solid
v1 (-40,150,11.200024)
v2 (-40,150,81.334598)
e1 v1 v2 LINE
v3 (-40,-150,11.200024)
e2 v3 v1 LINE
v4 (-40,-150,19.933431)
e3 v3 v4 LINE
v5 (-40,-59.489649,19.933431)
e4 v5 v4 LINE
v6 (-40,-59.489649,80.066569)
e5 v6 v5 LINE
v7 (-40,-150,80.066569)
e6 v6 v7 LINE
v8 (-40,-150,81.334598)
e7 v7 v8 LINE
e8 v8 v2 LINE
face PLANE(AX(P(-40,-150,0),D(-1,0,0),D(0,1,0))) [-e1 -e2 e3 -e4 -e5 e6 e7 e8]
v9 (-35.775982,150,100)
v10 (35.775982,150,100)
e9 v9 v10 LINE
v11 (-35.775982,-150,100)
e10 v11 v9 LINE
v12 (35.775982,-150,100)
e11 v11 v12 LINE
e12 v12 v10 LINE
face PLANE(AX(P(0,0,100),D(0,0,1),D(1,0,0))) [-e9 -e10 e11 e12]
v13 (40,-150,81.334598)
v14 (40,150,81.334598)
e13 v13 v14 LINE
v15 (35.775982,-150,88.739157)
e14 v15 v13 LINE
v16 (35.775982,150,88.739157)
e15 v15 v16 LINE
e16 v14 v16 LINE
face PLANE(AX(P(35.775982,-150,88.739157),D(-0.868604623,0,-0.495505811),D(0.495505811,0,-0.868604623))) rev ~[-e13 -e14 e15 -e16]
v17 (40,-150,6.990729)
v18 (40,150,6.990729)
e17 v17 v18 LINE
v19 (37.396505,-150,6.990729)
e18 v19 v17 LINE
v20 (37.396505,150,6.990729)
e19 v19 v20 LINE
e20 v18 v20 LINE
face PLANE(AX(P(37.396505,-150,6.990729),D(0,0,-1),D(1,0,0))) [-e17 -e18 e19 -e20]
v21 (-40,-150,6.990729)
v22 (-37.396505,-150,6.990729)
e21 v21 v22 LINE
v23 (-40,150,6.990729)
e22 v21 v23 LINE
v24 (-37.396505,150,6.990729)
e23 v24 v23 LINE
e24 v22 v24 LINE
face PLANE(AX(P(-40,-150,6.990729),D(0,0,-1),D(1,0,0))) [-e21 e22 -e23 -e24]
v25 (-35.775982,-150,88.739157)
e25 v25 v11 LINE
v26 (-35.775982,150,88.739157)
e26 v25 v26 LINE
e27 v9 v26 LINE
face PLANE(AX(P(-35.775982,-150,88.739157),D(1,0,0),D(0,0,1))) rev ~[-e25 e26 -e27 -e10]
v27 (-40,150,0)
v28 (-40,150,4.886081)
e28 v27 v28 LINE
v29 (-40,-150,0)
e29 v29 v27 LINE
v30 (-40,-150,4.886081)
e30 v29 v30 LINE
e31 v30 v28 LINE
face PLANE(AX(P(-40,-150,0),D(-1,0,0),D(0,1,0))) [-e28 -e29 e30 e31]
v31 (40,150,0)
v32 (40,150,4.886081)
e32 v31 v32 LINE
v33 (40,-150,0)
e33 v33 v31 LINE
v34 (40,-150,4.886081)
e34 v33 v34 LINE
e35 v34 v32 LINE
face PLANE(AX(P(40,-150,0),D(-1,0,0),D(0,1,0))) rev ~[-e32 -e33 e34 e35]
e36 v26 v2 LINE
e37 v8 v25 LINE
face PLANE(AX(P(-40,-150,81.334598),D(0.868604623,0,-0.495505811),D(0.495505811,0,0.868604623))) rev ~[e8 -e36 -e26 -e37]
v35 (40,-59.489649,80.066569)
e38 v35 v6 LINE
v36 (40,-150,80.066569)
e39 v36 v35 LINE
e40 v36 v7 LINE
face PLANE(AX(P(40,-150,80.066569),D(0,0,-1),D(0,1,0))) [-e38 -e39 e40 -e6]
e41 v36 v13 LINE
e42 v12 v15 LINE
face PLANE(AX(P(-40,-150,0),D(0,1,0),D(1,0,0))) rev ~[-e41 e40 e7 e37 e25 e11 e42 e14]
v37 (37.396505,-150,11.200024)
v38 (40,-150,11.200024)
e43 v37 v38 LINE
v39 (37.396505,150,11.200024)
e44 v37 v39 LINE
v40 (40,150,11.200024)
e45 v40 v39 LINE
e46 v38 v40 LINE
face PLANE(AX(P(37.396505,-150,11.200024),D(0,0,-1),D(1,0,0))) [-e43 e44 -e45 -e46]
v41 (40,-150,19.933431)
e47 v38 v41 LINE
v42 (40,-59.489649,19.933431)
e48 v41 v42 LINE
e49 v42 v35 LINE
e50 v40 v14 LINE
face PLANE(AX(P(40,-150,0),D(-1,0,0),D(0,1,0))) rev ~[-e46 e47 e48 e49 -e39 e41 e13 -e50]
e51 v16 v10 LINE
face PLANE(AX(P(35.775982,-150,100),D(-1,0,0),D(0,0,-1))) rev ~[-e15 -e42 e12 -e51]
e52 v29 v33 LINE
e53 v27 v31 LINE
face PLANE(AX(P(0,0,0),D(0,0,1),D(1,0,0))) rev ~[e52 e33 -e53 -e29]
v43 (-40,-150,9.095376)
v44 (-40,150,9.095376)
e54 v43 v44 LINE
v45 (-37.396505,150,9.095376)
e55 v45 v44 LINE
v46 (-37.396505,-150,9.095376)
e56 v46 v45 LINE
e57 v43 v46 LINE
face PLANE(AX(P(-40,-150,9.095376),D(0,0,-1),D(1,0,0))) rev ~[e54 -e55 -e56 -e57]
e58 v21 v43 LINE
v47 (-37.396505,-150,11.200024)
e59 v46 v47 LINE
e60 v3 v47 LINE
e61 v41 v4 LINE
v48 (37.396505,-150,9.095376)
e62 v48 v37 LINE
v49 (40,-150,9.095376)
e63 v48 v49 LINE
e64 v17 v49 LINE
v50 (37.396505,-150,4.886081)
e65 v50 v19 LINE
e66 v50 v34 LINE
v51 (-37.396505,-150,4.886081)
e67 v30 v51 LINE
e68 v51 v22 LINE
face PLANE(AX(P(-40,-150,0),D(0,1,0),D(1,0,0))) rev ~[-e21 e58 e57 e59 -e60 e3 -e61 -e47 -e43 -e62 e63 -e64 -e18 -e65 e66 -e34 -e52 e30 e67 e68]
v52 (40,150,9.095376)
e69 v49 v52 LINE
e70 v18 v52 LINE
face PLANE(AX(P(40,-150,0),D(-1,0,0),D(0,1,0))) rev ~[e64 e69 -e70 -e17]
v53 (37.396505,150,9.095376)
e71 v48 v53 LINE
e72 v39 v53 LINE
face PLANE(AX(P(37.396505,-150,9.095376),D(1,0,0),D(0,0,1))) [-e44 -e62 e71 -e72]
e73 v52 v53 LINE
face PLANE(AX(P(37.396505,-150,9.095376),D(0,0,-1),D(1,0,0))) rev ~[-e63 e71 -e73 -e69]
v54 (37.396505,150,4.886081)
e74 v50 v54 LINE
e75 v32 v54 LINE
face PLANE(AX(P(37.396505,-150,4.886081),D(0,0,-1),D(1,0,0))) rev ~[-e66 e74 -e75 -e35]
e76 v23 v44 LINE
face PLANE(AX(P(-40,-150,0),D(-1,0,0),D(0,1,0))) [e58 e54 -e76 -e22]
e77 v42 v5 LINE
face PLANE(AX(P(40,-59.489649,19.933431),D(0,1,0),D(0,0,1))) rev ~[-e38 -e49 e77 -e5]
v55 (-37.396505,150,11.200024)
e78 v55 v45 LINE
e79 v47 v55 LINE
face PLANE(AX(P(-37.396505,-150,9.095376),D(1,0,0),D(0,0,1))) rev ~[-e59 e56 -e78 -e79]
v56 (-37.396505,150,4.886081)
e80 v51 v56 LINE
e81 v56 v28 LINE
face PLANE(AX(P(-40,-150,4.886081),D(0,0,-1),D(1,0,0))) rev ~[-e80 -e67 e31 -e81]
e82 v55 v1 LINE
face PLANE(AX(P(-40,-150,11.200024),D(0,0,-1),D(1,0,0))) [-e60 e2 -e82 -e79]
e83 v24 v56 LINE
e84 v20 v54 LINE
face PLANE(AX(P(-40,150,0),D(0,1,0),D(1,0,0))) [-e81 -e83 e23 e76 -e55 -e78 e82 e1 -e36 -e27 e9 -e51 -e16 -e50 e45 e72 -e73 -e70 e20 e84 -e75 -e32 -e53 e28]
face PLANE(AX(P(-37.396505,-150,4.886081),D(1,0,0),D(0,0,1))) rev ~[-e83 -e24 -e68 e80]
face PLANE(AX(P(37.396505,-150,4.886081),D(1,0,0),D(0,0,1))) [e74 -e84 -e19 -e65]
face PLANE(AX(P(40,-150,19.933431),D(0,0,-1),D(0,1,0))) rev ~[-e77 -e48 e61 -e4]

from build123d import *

# Parameters (mm, degrees)
F0_W     = 80
F0_H     = 300
F1_DEPTH = 100
F3_W     = 90.5103512108
F3_H     = 60.133138299
F4_DEPTH = 128
F2_W     = 2.603494525
F2_H     = 2.1046474576
F5_DEPTH = 322.9


with BuildPart() as f1:
    # F0 (on Top) → F1 (new body)
    with BuildSketch(Plane.XY):
        Rectangle(F0_W, F0_H)
    extrude(amount=F1_DEPTH)

    # F3 (on face) → F4 (cut)
    with BuildSketch(Plane.YZ.offset(40)):
        with Locations((-104.7448243946, 50)):
            Rectangle(F3_W, F3_H)
    extrude(amount=-F4_DEPTH, mode=Mode.SUBTRACT)

    # F2 (on face) → F5 (cut)
    with BuildSketch(Plane.XZ.offset(150)):
        Polygon((40, 100), (35.7759818435, 100), (35.7759818435, 88.739156723), (40, 81.3345983624), align=None)
        Polygon((-35.7759818435, 88.739156723), (-35.7759818435, 100), (-40, 100), (-40, 81.3345983624), align=None)
        with Locations((38.6982527375, 10.1477000862)):
            Rectangle(F2_W, F2_H)
        with Locations((38.6982527375, 5.938405171)):
            Rectangle(F2_W, F2_H)
        with Locations((-38.6982527375, 5.938405171)):
            Rectangle(F2_W, F2_H)
        with Locations((-38.6982527375, 10.1477000862)):
            Rectangle(F2_W, F2_H)
    extrude(amount=-F5_DEPTH, mode=Mode.SUBTRACT)


solid = f1.part
